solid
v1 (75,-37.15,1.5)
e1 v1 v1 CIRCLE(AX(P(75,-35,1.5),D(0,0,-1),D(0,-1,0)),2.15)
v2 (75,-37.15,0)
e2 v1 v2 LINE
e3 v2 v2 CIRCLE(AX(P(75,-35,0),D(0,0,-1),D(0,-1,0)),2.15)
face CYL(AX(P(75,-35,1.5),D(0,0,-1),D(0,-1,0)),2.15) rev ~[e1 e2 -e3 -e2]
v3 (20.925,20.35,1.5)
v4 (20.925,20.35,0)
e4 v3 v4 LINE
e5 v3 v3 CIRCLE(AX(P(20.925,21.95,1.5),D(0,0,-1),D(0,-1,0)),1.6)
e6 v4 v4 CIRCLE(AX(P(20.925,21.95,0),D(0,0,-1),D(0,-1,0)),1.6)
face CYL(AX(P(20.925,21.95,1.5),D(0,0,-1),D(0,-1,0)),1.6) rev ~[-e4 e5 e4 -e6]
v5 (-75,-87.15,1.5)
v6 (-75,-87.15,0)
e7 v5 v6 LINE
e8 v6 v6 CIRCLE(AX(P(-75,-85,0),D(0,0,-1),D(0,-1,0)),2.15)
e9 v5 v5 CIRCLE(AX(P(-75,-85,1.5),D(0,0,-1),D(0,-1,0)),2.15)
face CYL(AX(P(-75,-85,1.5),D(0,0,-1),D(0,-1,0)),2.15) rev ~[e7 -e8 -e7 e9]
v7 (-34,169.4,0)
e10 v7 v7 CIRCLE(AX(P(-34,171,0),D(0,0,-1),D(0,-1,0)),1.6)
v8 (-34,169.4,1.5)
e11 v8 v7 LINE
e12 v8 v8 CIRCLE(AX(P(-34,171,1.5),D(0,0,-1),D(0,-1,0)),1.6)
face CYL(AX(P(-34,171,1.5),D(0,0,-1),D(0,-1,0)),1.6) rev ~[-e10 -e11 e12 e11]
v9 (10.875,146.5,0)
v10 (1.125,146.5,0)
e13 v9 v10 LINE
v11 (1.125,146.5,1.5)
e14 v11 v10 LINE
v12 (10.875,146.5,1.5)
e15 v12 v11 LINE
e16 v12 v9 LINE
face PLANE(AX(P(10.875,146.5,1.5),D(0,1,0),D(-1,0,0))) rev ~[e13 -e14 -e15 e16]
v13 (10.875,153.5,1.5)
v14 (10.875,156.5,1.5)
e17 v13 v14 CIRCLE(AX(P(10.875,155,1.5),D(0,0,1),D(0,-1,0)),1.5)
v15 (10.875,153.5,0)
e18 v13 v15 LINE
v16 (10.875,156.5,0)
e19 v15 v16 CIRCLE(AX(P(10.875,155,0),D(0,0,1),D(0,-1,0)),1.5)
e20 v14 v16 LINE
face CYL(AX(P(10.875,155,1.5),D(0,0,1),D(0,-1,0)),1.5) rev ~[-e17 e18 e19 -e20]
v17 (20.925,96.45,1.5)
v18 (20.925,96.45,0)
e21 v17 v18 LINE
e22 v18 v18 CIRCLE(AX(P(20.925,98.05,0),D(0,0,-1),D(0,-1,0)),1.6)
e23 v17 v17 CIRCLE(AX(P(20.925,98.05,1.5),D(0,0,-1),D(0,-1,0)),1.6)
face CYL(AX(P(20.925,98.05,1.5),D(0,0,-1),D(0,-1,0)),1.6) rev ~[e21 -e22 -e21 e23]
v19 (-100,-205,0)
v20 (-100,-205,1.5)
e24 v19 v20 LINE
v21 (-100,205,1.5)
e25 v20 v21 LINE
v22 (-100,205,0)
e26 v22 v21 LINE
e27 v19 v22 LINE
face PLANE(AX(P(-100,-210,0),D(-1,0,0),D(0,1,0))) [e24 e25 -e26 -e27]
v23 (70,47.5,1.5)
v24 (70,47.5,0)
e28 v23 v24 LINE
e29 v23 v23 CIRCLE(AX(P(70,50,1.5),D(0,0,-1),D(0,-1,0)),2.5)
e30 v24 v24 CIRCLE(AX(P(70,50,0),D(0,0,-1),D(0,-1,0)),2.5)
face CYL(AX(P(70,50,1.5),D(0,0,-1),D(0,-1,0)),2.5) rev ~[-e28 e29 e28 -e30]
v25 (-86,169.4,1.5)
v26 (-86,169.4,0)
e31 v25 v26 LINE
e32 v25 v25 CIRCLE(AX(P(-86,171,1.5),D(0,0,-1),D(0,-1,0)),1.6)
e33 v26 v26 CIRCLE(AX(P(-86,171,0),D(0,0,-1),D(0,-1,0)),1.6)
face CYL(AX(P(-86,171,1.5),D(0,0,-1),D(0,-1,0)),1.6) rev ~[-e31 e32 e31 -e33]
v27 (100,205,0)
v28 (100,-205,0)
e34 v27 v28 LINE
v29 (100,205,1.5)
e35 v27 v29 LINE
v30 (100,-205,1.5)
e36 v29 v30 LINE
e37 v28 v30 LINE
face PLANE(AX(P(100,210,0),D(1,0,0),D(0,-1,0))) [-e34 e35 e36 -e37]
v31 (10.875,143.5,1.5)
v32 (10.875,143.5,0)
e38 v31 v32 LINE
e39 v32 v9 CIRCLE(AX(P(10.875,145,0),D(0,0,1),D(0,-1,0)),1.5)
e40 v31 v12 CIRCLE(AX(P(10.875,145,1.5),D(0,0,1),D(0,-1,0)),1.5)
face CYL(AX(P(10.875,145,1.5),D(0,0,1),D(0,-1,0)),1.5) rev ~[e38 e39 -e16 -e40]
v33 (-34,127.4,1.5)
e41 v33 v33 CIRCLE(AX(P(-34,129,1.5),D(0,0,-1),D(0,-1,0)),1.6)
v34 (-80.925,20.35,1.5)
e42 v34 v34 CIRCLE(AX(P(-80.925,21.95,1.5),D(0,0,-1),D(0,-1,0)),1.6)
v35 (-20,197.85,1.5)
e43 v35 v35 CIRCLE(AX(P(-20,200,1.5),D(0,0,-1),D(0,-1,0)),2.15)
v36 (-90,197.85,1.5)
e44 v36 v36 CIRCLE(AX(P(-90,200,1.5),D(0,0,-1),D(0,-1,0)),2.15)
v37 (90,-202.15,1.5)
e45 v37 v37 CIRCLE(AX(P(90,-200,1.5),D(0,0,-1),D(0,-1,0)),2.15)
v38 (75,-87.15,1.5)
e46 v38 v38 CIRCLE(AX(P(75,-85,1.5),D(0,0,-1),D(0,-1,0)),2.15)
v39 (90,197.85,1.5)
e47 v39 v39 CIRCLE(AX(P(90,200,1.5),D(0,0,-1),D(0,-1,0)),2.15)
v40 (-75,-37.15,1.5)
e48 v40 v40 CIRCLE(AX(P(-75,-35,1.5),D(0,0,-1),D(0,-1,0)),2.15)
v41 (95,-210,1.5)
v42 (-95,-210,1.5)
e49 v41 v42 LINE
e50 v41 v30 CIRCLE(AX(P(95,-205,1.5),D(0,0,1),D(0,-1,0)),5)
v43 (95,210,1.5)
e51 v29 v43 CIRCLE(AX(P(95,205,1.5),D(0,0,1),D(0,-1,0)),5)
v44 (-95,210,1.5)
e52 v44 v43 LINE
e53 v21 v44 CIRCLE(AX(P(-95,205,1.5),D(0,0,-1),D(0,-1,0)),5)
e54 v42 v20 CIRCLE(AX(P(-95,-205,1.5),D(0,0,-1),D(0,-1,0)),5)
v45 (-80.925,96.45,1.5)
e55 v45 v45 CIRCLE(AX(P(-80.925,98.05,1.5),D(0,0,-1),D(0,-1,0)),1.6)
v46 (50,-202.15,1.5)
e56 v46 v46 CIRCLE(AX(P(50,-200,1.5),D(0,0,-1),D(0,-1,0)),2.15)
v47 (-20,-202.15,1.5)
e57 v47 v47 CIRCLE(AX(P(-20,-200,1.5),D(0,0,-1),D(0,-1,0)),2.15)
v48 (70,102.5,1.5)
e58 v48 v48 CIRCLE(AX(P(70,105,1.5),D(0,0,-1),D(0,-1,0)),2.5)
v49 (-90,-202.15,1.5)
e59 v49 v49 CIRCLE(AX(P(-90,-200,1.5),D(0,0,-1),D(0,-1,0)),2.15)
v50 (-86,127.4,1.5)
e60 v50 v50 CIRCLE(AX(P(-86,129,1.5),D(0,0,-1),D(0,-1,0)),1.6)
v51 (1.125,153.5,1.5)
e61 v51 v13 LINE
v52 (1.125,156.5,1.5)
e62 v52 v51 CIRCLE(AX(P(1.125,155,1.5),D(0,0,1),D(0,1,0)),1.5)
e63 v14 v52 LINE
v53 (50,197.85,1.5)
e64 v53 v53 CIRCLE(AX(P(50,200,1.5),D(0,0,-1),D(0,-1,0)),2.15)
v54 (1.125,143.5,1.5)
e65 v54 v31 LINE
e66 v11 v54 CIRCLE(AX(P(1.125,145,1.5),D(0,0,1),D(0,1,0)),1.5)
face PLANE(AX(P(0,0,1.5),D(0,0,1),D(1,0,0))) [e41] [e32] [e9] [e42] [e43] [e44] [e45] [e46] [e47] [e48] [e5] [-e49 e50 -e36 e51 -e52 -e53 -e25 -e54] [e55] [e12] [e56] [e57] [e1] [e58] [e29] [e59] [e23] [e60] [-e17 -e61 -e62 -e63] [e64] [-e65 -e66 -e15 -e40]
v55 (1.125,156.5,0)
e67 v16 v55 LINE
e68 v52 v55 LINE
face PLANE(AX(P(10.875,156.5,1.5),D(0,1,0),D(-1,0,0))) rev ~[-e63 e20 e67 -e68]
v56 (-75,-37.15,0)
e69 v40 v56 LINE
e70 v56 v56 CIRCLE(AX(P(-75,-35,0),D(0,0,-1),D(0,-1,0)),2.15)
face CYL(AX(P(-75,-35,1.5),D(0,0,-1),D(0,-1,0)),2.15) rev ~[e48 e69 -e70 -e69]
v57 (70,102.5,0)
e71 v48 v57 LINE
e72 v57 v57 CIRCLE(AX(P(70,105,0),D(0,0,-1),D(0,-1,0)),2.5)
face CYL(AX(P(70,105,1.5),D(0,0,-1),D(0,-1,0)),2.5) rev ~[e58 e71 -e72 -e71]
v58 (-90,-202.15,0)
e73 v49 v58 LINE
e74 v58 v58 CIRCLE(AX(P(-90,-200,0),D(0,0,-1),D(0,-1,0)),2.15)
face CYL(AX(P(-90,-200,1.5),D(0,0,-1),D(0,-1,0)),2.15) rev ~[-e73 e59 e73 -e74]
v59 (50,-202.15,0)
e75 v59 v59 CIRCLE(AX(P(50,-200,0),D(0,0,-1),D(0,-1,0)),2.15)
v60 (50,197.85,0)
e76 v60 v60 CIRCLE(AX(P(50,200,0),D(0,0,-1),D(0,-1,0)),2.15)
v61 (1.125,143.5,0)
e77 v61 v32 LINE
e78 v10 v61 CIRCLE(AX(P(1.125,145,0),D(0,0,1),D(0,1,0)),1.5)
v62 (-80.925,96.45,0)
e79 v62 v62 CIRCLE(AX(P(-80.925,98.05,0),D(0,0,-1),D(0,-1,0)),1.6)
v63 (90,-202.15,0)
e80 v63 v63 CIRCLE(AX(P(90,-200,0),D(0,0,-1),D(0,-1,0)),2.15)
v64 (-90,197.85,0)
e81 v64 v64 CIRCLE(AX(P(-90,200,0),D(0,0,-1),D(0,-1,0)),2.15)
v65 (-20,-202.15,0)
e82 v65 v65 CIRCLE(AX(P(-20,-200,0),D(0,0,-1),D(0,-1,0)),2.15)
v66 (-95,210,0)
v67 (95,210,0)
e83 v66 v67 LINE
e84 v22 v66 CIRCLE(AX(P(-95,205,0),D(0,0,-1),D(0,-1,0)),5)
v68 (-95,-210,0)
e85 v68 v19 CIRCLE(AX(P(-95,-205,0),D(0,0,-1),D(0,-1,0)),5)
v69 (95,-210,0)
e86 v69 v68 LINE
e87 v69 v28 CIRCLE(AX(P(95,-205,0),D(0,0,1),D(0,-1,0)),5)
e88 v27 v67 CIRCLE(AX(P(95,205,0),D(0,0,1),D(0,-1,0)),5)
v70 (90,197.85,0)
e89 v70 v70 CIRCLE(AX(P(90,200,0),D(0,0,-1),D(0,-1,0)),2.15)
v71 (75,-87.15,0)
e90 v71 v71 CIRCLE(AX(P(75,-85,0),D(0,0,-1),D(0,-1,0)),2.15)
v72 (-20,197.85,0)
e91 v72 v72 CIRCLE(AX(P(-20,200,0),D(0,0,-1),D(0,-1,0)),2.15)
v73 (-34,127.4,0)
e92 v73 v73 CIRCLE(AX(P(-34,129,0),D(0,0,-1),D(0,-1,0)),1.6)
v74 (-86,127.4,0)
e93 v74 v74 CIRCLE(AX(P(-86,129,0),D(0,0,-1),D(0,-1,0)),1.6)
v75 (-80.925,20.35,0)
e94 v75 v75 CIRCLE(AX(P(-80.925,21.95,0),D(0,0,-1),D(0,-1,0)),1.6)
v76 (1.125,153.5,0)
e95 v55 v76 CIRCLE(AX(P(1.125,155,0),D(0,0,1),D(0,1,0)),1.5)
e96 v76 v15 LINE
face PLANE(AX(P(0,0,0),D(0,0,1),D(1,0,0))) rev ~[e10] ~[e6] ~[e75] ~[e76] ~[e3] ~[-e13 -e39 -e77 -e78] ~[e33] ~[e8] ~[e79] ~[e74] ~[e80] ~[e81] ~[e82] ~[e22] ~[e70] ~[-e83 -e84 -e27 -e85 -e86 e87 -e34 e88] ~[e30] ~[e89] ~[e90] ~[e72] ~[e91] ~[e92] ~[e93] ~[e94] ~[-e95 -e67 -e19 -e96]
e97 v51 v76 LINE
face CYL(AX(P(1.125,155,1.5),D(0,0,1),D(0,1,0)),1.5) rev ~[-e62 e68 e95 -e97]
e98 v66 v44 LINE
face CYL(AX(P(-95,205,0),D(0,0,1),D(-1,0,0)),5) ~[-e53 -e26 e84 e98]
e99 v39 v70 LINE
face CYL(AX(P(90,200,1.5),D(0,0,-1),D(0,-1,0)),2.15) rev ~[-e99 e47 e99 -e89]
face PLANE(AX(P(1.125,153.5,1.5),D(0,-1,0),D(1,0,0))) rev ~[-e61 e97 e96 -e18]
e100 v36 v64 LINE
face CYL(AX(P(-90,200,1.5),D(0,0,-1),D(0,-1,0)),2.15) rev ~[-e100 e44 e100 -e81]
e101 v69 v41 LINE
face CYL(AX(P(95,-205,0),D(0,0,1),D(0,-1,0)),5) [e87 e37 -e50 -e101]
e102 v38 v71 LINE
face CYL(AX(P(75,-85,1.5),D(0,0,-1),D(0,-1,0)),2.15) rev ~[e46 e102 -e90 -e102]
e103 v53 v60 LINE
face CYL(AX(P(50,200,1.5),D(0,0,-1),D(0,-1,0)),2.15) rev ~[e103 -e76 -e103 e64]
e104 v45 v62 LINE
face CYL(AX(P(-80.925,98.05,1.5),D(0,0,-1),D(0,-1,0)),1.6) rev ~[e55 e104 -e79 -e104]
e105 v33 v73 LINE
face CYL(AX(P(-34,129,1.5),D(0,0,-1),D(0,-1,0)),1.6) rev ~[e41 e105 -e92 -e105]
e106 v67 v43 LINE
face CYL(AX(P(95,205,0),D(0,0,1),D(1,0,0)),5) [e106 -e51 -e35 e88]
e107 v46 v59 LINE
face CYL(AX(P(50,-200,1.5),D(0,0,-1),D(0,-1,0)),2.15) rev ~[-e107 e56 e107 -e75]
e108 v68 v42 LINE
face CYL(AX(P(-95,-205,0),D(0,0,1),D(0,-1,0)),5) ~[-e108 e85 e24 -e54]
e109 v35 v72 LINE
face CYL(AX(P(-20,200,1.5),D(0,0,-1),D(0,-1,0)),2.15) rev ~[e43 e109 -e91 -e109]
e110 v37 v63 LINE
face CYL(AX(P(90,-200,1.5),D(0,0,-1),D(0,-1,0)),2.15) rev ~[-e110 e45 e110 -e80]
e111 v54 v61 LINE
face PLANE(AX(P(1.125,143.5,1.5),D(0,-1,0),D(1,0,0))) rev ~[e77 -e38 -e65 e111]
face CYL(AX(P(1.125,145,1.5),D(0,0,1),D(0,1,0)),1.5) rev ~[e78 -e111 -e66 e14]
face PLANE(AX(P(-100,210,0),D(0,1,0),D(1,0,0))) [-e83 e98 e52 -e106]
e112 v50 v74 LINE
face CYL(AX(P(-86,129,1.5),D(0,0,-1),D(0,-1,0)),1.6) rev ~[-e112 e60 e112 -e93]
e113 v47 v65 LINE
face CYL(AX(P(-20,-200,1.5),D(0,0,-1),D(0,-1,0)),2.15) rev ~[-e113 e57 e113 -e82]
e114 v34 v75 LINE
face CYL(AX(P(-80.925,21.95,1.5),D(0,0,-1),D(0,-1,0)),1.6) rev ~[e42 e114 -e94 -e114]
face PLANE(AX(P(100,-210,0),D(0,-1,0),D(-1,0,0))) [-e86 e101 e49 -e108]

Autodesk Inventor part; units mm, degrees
ref_plane "YZ Plane" through (0, 0, 0) normal (1, 0, 0) x (0, 1, 0)
ref_plane "XZ Plane" through (0, 0, 0) normal (0, 1, 0) x (-1, 0, 0)
ref_plane "XY Plane" through (0, 0, 0) normal (0, 0, 1) x (1, 0, 0)
sketch "Sketch2" plane through (0, 0, 0) normal (0, 0, 1) x (1, 0, 0)
  line L0 (100, -210) -> (-100, -210)
  line L1 (-100, -210) -> (-100, 210)
  line L2 (-100, 210) -> (100, 210)
  line L3 (100, 210) -> (100, -210)
  line L4 (100, -210) -> (-100, 210) construction
  line L5 (-100, -210) -> (100, 210) construction
  point P0 (0, 0)
  dimension "d4" = 420
  dimension "d5" = 200
extrude "Extrusion2" add sketch "Sketch2" along normal blind 1.5
sketch "Sketch3" plane through (0, 0, 1.5) normal (0, 0, 1) x (1, 0, 0)
  line L0 (-100, 210) -> (-100, -210) projected
  line L1 (-100, -210) -> (100, -210) projected
  line L2 (100, -210) -> (100, 210) projected
  line L3 (100, 210) -> (-100, 210) projected
  line L4 (-90, 200) -> (-90, -200)
  line L5 (-90, -200) -> (90, -200)
  line L6 (90, -200) -> (90, 200)
  line L7 (90, 200) -> (-90, 200)
  point P0 (0, 0)
  point P1 (-20, 200)
  point P2 (-20, -200)
  point P3 (50, 200)
  point P4 (50, -200)
  point P5 (120, 200)
  point P6 (120, -200)
  dimension "d8" = 10
  dimension "d9" = 70
  dimension "d12" = 70
hole "Hole1" at (-90, 200, 1.5) at (90, 200, 1.5) at (-90, -200, 1.5) at (90, -200, 1.5) at (-20, 200, 1.5) at (-20, -200, 1.5) at (50, 200, 1.5) at (120, 200, 1.5) at (120, -200, 1.5) at (50, -200, 1.5) direction (0, 0, -1) diameter 4.3 end through all
sketch "Sketch4" plane through (0, 0, 1.5) normal (0, 0, 1) x (1, 0, 0)
  line L0 (-75, -85) -> (75, -85)
  line L1 (75, -85) -> (75, -35)
  line L2 (75, -35) -> (-75, -35)
  line L3 (-75, -35) -> (-75, -85)
  line L4 (-75, -85) -> (75, -35) construction
  line L5 (75, -85) -> (-75, -35) construction
  line L6 (100, -210) -> (100, 210) projected
  line L7 (100, 210) -> (-100, 210) projected
  line L8 (-100, -210) -> (100, -210) projected
  point P0 (0, 0)
  point P1 (0, -60)
  point P2 (0, -60)
  dimension "d24" = 150
  dimension "d25" = 50
  dimension "d35" = 150
hole "Hole2" at (-75, -85, 1.5) at (-75, -35, 1.5) at (75, -85, 1.5) at (75, -35, 1.5) direction (0, 0, -1) diameter 4.3 end through all
sketch "Sketch5" plane through (0, 0, 1.5) normal (0, 0, 1) x (1, 0, 0)
  line L0 (-80.925, 21.95) -> (20.925, 21.95)
  line L1 (20.925, 21.95) -> (20.925, 98.05)
  line L2 (20.925, 98.05) -> (-80.925, 98.05)
  line L3 (-80.925, 98.05) -> (-80.925, 21.95)
  line L4 (-80.925, 21.95) -> (20.925, 98.05) construction
  line L5 (20.925, 21.95) -> (-80.925, 98.05) construction
  point P0 (0, 0)
  point P1 (-30, 60)
  dimension "d36" = 101.85
  dimension "d37" = 76.1
  dimension "d38" = 60
  dimension "d97" = 30
hole "Hole3" at (-80.925, 98.05, 1.5) at (-80.925, 21.95, 1.5) at (20.925, 21.95, 1.5) at (20.925, 98.05, 1.5) direction (0, 0, -1) diameter 3.2 end through all
sketch "Sketch6" plane through (0, 0, 1.5) normal (0, 0, 1) x (1, 0, 0)
  line L0 (-34, 129) -> (-86, 129)
  line L1 (-86, 129) -> (-86, 171)
  line L2 (-86, 171) -> (-34, 171)
  line L3 (-34, 171) -> (-34, 129)
  line L4 (-34, 129) -> (-86, 171) construction
  line L5 (-86, 129) -> (-34, 171) construction
  point P0 (0, 0)
  point P1 (-60, 150)
  dimension "d48" = 52
  dimension "d49" = 42
  dimension "d50" = 150
  dimension "d51" = 60
hole "Hole4" at (-34, 129, 1.5) at (-34, 171, 1.5) at (-86, 129, 1.5) at (-86, 171, 1.5) direction (0, 0, -1) diameter 3.2 end through all
sketch "Sketch7" plane through (0, 0, 1.5) normal (0, 0, 1) x (1, 0, 0)
  circle A0 centre (-86, 129) radius 1.6 projected
  circle A1 centre (-34, 129) radius 1.6 projected
  circle A2 centre (-34, 171) radius 1.6 projected
  circle A3 centre (-86, 171) radius 1.6 projected
  circle A4 centre (20.925, 21.95) radius 1.6 projected
  circle A5 centre (20.925, 98.05) radius 1.6 projected
  circle A6 centre (75, -85) radius 2.15 projected
  circle A7 centre (75, -35) radius 2.15 projected
  circle A8 centre (50, 200) radius 2.15 projected
  circle A9 centre (-20, 200) radius 2.15 projected
  circle A10 centre (-90, -200) radius 2.15 projected
  circle A11 centre (-90, 200) radius 2.15 projected
  circle A12 centre (90, 200) radius 2.15 projected
  circle A13 centre (90, -200) radius 2.15 projected
  circle A14 centre (-20, -200) radius 2.15 projected
  circle A15 centre (50, -200) radius 2.15 projected
  line L0 (-100, 210) -> (-100, -210) projected
  line L1 (-100, -210) -> (100, -210) projected
  line L2 (100, -210) -> (100, 210) projected
  line L3 (100, 210) -> (-100, 210) projected
  circle A16 centre (-80.925, 21.95) radius 1.6 projected
  circle A17 centre (-80.925, 98.05) radius 1.6 projected
  line L4 (-80.925, 21.95) -> (-80.925, 98.05)
  point P0 (0, 0)
  point P1 (70, 50)
  point P2 (-80.925, 60)
  point P3 (70, 105)
  dimension "d98" = 55
  dimension "d99" = 70
  dimension "d100" = 50
hole "Hole5" at (70, 50, 1.5) at (70, 105, 1.5) direction (0, 0, -1) diameter 5 end through all
sketch "Sketch9" plane through (0, 0, 1.5) normal (0, 0, 1) x (1, 0, 0)
  circle A0 centre (70, 50) radius 2.5 projected
  circle A1 centre (-86, 129) radius 1.6 projected
  circle A2 centre (-34, 129) radius 1.6 projected
  circle A3 centre (-34, 171) radius 1.6 projected
  circle A4 centre (-86, 171) radius 1.6 projected
  circle A5 centre (20.925, 21.95) radius 1.6 projected
  circle A6 centre (20.925, 98.05) radius 1.6 projected
  circle A7 centre (75, -85) radius 2.15 projected
  circle A8 centre (75, -35) radius 2.15 projected
  circle A9 centre (50, 200) radius 2.15 projected
  circle A10 centre (-20, 200) radius 2.15 projected
  circle A11 centre (-90, -200) radius 2.15 projected
  circle A12 centre (-90, 200) radius 2.15 projected
  circle A13 centre (90, 200) radius 2.15 projected
  circle A14 centre (90, -200) radius 2.15 projected
  circle A15 centre (-20, -200) radius 2.15 projected
  circle A16 centre (50, -200) radius 2.15 projected
  line L0 (-100, 210) -> (-100, -210) projected
  line L1 (-100, -210) -> (100, -210) projected
  line L2 (100, -210) -> (100, 210) projected
  line L3 (100, 210) -> (-100, 210) projected
  line L4 (1.125, 145) -> (10.875, 145) construction
  line L5 (1.125, 143.5) -> (10.875, 143.5)
  line L6 (10.875, 146.5) -> (1.125, 146.5)
  arc A17 (1.125, 146.5) -> (1.125, 143.5) centre (1.125, 145) ccw
  arc A18 (10.875, 143.5) -> (10.875, 146.5) centre (10.875, 145) ccw
  line L7 (10.875, 155) -> (1.125, 155) construction
  line L8 (10.875, 156.5) -> (1.125, 156.5)
  line L9 (1.125, 153.5) -> (10.875, 153.5)
  arc A19 (10.875, 153.5) -> (10.875, 156.5) centre (10.875, 155) ccw
  arc A20 (1.125, 156.5) -> (1.125, 153.5) centre (1.125, 155) ccw
  circle A21 centre (-34, 129) radius 1.6 projected
  circle A22 centre (-34, 171) radius 1.6 projected
  line L10 (-34, 129) -> (-34, 171)
  point P0 (0, 0)
  point P1 (6, 145)
  point P2 (6, 155)
  point P3 (-34, 150)
  dimension "d80" = 1.5
  dimension "d81" = 1.5
  dimension "d82" = 10
  dimension "d83" = 5
  dimension "d84" = 40
extrude "Extrusion3" cut sketch "Sketch9" against normal blind 3 contours A17 L6 A18 L5 | A19 L9 A20 L8
fillet "Fillet1" radius 5 4 edges at (100, 210, 0.75) (100, -210, 0.75) (-100, -210, 0.75) (-100, 210, 0.75)
properties part number "Board_Mounter"
